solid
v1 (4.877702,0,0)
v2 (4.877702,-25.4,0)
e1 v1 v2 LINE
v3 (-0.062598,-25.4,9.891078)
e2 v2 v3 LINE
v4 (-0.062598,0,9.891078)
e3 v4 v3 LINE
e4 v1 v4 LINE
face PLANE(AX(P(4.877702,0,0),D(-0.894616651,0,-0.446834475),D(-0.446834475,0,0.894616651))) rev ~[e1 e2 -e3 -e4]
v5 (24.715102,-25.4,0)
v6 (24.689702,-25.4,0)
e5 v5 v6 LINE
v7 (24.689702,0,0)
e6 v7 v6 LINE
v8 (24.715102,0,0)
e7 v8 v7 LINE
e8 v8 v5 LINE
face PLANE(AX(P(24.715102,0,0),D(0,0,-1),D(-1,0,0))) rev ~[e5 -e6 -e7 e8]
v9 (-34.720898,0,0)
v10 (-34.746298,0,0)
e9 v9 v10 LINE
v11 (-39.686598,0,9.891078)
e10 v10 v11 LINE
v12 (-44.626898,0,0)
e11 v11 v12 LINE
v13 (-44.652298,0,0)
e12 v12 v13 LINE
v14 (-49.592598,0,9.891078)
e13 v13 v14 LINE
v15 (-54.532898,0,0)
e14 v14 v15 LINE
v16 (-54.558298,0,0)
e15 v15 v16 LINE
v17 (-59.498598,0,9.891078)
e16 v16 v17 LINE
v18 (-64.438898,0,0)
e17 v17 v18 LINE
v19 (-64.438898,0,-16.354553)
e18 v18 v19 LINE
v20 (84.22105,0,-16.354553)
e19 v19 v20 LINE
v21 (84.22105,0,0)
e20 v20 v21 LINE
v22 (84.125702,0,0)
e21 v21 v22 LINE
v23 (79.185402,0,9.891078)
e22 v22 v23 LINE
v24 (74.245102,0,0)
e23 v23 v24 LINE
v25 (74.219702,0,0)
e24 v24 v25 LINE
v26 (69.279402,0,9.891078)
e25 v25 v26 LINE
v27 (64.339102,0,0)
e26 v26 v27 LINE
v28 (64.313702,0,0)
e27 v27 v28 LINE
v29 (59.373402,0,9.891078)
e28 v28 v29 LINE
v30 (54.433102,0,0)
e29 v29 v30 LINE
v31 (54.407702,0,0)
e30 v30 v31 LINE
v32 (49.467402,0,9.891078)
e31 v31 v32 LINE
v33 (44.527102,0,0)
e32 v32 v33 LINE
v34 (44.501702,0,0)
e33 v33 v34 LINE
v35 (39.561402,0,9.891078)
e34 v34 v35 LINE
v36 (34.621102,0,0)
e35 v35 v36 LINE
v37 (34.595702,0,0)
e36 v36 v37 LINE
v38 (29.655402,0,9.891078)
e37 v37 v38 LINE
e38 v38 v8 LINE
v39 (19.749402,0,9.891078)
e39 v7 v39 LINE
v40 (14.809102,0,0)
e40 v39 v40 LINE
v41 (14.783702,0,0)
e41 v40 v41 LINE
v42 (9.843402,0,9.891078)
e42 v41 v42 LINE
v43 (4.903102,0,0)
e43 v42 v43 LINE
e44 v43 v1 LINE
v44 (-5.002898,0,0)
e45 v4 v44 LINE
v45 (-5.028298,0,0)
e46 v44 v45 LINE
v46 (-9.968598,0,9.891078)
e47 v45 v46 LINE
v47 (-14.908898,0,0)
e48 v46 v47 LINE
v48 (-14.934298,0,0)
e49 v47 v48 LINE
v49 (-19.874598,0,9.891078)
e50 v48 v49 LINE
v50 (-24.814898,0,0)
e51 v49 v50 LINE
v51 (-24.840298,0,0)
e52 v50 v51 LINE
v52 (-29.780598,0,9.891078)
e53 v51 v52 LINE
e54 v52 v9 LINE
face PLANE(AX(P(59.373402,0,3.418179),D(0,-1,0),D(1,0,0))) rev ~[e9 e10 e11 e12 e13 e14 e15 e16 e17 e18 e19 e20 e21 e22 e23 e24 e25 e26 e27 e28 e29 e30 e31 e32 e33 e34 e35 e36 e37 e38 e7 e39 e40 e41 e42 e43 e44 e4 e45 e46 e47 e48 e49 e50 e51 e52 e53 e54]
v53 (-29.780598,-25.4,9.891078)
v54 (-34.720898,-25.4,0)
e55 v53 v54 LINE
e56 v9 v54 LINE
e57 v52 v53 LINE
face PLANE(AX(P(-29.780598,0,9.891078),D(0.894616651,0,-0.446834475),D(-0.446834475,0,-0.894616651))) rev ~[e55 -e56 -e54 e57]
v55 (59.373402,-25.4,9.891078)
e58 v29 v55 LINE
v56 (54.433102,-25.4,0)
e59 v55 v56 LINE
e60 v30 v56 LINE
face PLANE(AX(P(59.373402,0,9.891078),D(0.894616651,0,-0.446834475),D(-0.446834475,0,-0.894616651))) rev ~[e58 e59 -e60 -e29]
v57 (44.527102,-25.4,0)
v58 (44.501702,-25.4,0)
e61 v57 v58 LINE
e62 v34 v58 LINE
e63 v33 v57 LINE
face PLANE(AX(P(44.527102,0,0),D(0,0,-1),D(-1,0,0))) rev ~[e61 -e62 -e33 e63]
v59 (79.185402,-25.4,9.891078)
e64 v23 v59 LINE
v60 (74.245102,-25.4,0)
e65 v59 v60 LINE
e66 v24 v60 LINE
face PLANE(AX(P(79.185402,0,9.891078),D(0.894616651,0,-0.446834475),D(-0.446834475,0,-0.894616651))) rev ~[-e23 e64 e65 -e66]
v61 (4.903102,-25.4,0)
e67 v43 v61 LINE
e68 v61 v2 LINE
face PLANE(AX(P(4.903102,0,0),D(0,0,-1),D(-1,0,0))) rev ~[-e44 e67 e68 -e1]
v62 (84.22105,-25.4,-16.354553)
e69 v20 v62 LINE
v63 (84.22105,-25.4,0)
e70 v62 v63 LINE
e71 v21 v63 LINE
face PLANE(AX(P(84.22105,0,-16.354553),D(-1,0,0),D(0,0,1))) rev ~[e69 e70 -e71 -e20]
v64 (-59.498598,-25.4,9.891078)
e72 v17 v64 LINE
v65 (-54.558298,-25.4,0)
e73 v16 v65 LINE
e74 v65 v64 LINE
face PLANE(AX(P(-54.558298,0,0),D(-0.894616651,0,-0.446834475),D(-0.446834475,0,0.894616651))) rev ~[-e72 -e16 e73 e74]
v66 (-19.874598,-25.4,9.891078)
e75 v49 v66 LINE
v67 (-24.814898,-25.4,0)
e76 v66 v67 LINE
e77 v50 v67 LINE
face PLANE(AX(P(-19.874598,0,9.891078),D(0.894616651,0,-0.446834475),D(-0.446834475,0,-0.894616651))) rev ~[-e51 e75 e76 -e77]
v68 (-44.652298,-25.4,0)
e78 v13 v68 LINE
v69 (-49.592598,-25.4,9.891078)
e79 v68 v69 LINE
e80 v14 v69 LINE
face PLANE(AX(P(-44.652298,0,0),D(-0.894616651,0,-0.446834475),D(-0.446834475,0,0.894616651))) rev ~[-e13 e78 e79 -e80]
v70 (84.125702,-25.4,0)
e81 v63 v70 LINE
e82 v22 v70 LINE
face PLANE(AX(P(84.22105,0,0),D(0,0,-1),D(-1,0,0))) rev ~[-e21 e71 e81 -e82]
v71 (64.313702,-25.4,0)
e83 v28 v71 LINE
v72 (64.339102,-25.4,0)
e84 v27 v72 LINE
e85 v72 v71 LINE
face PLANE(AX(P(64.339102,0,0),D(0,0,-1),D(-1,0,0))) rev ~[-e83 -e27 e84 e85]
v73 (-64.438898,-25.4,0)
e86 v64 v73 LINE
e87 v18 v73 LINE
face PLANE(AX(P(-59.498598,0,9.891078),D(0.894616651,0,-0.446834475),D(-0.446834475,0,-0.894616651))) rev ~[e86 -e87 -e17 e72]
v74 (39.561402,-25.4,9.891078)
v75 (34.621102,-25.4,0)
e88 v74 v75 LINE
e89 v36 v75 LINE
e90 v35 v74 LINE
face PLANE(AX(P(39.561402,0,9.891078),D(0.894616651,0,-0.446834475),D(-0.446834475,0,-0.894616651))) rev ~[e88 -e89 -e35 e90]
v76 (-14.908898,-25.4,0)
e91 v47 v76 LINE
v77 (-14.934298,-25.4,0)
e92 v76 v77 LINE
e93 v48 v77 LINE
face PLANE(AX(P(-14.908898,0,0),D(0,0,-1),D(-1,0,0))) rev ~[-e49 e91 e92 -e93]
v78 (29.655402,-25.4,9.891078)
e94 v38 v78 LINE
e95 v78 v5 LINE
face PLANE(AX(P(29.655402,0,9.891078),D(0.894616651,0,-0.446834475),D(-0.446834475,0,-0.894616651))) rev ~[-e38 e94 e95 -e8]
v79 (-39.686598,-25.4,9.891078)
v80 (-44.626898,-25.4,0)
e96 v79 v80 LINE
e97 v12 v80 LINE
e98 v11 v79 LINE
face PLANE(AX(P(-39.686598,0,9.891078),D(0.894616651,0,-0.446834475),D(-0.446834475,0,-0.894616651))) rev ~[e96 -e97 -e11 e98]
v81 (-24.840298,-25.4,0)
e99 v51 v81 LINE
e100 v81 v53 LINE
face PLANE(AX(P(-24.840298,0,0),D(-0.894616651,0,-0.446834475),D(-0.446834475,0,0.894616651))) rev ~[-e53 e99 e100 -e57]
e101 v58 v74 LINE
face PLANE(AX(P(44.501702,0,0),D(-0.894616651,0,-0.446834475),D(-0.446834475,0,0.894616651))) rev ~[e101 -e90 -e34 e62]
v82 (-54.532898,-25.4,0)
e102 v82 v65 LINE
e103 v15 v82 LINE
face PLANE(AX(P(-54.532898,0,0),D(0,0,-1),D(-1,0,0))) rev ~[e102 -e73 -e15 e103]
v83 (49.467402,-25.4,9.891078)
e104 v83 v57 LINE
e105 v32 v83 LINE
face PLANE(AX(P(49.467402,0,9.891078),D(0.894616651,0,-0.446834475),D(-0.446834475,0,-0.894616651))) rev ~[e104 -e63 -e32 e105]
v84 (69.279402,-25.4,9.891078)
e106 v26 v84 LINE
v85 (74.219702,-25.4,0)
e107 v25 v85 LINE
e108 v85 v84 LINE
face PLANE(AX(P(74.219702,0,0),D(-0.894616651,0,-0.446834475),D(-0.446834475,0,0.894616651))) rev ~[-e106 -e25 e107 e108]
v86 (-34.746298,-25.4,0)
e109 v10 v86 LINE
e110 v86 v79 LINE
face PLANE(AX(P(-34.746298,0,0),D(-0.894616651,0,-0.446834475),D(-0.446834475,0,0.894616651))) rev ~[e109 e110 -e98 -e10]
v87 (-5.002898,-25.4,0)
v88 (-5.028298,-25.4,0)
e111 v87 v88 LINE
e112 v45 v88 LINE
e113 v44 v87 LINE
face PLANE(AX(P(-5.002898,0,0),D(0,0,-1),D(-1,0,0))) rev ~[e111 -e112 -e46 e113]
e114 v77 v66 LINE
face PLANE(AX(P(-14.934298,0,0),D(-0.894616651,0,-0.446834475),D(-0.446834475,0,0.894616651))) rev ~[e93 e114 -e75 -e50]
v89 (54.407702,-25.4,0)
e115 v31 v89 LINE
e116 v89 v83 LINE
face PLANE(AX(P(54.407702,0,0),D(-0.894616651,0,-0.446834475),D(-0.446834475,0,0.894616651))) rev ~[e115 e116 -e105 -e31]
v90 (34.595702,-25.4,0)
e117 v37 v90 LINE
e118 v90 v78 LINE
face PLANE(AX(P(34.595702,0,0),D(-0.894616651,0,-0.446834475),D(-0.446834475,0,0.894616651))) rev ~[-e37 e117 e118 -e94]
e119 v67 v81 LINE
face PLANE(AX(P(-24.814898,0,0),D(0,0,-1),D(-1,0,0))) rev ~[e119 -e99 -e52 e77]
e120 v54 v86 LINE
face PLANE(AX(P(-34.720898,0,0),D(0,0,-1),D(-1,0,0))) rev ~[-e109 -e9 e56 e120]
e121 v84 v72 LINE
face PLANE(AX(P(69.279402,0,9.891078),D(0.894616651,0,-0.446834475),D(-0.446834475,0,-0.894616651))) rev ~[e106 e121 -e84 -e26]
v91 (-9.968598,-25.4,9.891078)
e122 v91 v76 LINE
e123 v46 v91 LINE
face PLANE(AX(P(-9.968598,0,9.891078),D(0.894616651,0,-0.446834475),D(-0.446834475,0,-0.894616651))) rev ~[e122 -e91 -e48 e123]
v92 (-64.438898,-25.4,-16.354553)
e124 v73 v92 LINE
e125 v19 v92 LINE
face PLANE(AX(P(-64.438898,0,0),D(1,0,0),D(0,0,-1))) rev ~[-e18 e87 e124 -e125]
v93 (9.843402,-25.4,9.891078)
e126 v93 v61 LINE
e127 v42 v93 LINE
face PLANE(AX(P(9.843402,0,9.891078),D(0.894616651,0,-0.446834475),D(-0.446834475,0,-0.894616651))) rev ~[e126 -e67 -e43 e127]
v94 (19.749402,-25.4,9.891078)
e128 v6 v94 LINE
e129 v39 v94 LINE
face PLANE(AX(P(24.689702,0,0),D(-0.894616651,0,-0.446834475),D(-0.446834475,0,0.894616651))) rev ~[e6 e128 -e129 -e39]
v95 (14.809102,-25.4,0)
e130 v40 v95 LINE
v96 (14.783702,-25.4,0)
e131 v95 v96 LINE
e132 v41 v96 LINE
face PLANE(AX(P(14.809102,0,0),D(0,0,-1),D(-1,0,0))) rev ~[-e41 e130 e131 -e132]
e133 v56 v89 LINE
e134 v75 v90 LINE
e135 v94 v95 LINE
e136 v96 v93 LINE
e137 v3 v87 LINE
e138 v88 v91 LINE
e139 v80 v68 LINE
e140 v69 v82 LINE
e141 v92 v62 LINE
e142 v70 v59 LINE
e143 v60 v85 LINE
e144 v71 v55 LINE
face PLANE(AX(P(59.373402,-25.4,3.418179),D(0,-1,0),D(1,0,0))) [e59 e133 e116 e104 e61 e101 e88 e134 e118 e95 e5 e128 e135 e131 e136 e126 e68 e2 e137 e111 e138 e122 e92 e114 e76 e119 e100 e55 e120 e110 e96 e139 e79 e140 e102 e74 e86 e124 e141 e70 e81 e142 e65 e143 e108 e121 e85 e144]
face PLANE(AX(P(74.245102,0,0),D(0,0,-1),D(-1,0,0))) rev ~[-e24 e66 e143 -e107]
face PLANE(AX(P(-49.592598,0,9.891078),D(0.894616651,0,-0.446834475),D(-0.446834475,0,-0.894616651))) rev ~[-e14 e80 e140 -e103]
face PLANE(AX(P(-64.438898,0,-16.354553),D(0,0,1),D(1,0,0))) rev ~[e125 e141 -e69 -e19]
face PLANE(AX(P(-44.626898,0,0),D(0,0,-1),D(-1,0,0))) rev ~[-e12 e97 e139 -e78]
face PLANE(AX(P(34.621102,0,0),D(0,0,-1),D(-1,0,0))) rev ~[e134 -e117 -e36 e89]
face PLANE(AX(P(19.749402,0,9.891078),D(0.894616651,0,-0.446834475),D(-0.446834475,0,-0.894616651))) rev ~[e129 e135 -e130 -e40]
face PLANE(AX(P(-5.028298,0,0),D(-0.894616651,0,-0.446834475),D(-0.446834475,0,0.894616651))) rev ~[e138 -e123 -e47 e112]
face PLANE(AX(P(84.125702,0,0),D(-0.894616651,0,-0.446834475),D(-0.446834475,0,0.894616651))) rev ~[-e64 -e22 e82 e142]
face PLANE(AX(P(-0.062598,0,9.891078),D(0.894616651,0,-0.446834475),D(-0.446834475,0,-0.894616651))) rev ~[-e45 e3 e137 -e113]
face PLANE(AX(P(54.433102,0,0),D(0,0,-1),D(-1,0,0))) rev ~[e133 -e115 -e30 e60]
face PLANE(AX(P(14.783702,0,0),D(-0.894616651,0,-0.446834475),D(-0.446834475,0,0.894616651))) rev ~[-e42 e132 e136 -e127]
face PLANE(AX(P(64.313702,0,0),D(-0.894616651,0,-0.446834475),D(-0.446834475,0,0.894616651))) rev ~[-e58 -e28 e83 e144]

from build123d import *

# Parameters (mm, degrees)
F1_DEPTH = 25.4


with BuildPart() as f1:
    # F0 (on Front) → F1 (new body)
    with BuildSketch(Plane.XZ):
        Polygon((54.433102, 0), (64.313702, 0), (59.373402, 9.891078), align=None)
        Polygon((44.527102, 0), (54.407702, 0), (49.467402, 9.891078), align=None)
        Polygon((34.621102, 0), (44.501702, 0), (39.561402, 9.891078), align=None)
        Polygon((24.715102, 0), (34.595702, 0), (29.655402, 9.891078), align=None)
        Polygon((19.749402, 9.891078), (14.809102, 0), (24.689702, 0), align=None)
        Polygon((9.843402, 9.891078), (4.903102, 0), (14.783702, 0), align=None)
        Polygon((-0.062598, 9.891078), (-5.002898, 0), (4.877702, 0), align=None)
        Polygon((-9.968598, 9.891078), (-14.908898, 0), (-5.028298, 0), align=None)
        Polygon((-19.874598, 9.891078), (-24.814898, 0), (-14.934298, 0), align=None)
        Polygon((-29.780598, 9.891078), (-34.720898, 0), (-24.840298, 0), align=None)
        Polygon((-39.686598, 9.891078), (-44.626898, 0), (-34.746298, 0), align=None)
        Polygon((-49.592598, 9.891078), (-54.532898, 0), (-44.652298, 0), align=None)
        Polygon((-59.498598, 9.891078), (-64.438898, 0), (-54.558298, 0), align=None)
        Polygon((74.245102, 0), (84.125702, 0), (79.185402, 9.891078), align=None)
        Polygon((64.339102, 0), (74.219702, 0), (69.279402, 9.891078), align=None)
        Polygon((-54.558298, 0), (-64.438898, 0), (-64.438898, -16.354553), (84.22105, -16.354553), (84.22105, 0), (84.125702, 0), (74.245102, 0), (74.219702, 0), (64.339102, 0), (64.313702, 0), (54.433102, 0), (54.407702, 0), (44.527102, 0), (44.501702, 0), (34.621102, 0), (34.595702, 0), (24.715102, 0), (24.689702, 0), (14.809102, 0), (14.783702, 0), (4.903102, 0), (4.877702, 0), (-5.002898, 0), (-5.028298, 0), (-14.908898, 0), (-14.934298, 0), (-24.814898, 0), (-24.840298, 0), (-34.720898, 0), (-34.746298, 0), (-44.626898, 0), (-44.652298, 0), (-54.532898, 0), align=None)
    extrude(amount=F1_DEPTH)


solid = f1.part
